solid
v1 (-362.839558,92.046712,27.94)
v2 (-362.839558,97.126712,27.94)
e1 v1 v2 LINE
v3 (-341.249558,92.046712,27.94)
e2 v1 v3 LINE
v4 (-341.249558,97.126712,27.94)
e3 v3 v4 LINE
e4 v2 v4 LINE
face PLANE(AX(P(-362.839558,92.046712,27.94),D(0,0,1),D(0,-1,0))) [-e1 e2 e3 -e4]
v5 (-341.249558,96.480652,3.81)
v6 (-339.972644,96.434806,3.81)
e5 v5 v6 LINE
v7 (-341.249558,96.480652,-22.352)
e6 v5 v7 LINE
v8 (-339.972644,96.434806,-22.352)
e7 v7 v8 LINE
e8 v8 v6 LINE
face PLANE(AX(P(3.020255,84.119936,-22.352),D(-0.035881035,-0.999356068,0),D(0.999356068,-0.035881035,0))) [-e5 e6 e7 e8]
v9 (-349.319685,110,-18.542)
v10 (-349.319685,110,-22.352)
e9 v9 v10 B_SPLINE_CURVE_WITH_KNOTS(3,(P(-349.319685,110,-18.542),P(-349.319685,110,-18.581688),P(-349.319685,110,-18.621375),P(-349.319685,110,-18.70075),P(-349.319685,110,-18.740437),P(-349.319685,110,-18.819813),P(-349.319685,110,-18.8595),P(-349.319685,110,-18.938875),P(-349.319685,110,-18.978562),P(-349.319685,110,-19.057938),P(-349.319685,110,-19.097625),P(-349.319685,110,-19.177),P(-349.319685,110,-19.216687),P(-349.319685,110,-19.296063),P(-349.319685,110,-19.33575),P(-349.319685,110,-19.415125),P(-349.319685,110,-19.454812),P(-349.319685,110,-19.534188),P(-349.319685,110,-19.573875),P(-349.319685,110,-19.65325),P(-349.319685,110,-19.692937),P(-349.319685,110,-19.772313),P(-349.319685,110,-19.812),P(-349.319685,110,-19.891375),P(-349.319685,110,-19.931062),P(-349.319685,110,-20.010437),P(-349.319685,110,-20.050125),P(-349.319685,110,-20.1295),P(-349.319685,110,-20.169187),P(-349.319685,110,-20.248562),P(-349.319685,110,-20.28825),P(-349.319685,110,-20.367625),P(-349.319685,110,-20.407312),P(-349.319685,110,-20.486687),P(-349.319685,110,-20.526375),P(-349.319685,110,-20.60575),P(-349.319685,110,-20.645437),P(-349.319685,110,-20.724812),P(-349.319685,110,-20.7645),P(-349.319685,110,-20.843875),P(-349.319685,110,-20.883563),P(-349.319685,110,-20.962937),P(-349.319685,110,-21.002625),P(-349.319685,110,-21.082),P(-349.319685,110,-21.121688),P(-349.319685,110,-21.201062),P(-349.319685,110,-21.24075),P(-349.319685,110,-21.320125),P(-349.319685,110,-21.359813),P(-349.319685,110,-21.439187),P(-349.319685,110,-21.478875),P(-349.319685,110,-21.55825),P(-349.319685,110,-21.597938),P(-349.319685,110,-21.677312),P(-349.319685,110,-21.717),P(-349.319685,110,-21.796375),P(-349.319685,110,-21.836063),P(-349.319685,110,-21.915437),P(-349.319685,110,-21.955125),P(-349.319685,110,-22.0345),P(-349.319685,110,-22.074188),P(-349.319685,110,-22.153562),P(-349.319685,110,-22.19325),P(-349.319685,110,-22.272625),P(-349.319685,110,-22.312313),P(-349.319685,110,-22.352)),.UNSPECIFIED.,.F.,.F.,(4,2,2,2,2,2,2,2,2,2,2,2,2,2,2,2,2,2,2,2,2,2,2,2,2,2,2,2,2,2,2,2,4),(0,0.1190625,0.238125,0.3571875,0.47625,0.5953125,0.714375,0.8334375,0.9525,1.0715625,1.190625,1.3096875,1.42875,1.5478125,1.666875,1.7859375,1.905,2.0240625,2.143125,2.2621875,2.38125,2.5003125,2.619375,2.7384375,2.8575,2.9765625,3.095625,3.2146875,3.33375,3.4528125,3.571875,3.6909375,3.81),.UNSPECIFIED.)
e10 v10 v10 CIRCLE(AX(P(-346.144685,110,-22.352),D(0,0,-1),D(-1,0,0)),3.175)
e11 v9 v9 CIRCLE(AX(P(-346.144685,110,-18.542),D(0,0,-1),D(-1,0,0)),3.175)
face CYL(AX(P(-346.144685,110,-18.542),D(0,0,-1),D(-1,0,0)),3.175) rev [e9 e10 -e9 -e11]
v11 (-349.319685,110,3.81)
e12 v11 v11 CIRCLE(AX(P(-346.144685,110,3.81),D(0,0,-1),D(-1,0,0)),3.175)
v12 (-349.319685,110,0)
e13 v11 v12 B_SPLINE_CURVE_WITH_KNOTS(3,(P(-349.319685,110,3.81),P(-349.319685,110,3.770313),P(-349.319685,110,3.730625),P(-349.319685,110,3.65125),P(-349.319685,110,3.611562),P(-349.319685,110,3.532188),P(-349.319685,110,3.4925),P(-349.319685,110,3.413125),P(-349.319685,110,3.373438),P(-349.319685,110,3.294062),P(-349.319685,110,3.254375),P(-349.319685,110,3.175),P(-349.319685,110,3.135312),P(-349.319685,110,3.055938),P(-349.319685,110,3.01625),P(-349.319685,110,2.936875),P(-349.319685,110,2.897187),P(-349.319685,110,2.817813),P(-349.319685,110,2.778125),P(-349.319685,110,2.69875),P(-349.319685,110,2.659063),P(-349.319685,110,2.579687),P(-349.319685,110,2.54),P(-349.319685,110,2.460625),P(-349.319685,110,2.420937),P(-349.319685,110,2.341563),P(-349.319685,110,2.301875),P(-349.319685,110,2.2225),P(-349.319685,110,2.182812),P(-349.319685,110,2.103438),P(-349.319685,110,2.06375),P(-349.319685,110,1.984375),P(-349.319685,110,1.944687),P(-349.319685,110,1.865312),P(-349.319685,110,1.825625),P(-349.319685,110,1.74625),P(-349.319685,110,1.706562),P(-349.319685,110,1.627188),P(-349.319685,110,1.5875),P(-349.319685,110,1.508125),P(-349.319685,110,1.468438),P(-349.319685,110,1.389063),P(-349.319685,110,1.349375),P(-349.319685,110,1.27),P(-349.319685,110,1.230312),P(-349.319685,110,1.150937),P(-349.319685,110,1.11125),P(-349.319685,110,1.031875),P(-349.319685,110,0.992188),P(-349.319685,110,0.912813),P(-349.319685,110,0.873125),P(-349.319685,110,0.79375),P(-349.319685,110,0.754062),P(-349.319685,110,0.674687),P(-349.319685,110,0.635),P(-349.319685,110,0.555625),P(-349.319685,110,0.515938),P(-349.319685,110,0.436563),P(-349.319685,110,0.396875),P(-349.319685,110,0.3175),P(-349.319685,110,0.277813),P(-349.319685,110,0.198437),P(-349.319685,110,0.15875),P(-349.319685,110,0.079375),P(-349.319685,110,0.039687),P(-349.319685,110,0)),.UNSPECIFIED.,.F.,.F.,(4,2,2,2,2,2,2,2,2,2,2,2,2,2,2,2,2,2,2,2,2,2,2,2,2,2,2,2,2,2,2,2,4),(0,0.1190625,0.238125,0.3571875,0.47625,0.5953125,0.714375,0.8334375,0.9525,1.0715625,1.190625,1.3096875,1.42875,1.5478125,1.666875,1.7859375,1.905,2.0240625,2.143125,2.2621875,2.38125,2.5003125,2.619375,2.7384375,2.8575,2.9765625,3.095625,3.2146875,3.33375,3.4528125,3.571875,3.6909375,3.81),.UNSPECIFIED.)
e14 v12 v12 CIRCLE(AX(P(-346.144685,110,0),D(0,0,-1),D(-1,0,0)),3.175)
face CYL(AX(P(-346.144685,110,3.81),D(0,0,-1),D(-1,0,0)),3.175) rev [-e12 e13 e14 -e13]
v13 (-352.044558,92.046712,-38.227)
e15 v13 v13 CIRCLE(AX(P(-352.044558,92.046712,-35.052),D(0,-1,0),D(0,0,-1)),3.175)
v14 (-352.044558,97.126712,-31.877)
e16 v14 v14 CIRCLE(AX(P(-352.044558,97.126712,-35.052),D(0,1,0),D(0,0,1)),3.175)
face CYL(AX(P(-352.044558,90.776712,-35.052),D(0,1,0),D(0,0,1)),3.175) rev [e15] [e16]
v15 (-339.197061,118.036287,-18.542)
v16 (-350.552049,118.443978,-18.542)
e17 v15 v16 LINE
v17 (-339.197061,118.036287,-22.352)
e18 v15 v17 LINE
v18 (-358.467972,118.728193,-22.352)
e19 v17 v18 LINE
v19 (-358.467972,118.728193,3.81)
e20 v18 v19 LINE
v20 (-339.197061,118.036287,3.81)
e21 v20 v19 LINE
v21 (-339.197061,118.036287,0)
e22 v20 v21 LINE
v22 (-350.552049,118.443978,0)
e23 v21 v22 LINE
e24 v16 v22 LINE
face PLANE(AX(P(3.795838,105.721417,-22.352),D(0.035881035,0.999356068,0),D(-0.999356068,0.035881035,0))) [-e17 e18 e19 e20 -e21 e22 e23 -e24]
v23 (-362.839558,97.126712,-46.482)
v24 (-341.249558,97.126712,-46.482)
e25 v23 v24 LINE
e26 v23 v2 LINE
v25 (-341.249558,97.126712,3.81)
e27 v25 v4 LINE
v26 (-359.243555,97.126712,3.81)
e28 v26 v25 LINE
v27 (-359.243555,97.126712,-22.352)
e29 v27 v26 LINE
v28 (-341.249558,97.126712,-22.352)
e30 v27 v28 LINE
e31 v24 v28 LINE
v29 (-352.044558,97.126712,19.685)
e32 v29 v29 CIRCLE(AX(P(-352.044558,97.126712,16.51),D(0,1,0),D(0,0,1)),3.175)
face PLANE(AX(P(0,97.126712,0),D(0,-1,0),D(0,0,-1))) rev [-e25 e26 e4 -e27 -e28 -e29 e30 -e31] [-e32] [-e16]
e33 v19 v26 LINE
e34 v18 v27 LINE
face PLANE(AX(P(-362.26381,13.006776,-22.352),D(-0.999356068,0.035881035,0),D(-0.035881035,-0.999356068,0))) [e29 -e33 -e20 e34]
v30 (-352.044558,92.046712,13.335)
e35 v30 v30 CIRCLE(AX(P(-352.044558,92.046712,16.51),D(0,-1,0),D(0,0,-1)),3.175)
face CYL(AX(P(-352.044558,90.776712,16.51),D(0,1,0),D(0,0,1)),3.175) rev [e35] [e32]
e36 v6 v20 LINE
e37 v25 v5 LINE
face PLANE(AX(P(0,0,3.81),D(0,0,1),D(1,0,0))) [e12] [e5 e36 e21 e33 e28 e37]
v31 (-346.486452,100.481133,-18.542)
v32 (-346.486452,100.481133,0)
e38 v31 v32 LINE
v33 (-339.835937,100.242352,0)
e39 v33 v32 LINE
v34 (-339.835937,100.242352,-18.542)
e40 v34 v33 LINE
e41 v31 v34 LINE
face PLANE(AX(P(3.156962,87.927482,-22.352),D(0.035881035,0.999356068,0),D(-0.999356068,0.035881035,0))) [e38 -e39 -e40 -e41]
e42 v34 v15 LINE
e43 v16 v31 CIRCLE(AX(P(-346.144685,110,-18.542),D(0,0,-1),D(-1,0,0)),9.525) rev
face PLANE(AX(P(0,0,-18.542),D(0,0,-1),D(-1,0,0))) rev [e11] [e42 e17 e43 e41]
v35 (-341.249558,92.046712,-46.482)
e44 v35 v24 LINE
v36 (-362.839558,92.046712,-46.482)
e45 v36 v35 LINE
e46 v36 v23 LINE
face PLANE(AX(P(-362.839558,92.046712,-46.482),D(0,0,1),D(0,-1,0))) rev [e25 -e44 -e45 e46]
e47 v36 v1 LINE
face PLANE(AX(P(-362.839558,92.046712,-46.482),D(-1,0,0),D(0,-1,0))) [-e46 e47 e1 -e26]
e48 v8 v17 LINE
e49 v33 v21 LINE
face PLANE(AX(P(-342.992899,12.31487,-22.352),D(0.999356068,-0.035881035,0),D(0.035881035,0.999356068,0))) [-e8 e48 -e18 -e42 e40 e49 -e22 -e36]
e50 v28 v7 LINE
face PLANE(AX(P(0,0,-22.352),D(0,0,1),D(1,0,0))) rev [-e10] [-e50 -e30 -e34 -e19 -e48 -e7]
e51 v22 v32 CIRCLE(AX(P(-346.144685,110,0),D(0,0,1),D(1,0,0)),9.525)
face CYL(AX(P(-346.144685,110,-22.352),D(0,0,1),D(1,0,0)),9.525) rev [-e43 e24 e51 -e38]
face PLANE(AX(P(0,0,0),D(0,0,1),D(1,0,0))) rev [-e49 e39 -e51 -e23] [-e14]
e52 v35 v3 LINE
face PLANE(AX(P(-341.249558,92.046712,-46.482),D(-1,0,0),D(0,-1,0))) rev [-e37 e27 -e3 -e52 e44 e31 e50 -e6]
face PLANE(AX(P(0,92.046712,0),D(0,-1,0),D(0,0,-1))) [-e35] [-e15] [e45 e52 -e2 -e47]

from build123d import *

# Parameters (mm, degrees)
BOSS_EXTRUDE1_DEPTH = 22.352
BOSS_EXTRUDE3_START = -3.81
SKETCH2_R           = 3.175
BOSS_EXTRUDE3_DEPTH = 3.81
BOSS_EXTRUDE4_DEPTH = 3.81
CUT_EXTRUDE1_START  = -3.81
SKETCH6_R           = 3.175
CUT_EXTRUDE1_DEPTH  = 3.81
SKETCH7_W           = 21.59
SKETCH7_H           = 74.422
BOSS_EXTRUDE6_DEPTH = 5.08
SKETCH9_R           = 3.175
CUT_EXTRUDE2_DEPTH  = 6.35


with BuildPart() as part:
    # Sketch1 → Boss-Extrude1 (new body)
    with BuildSketch(Plane.XY):
        with BuildLine():
            ThreePointArc((-352.162161707, 117.383467749), (-351.384007065, 117.9545664), (-350.552048848, 118.44397813))
            Line((-350.552048848, 118.44397813), (-358.467972096, 118.728192663))
            Line((-358.467972096, 118.728192663), (-359.243555017, 97.126711503))
            Line((-359.243555017, 97.126711503), (-339.97264358, 96.434805718))
            Line((-339.97264358, 96.434805718), (-339.835936837, 100.242352338))
            Line((-339.835936837, 100.242352338), (-346.486451601, 100.481133449))
            ThreePointArc((-346.486451601, 100.481133449), (-349.816499797, 101.211177598), (-352.67617906, 103.067092457))
            ThreePointArc((-352.67617906, 103.067092457), (-355.663551295, 110.341766857), (-352.162161707, 117.383467749))
        make_face()
    extrude(amount=-BOSS_EXTRUDE1_DEPTH)

    # Sketch2 → Boss-Extrude3 (add)
    with BuildSketch(Plane(origin=(0, 0, -22.352), x_dir=(-1, 0, 0), z_dir=(0, 0, -1)).offset(BOSS_EXTRUDE3_START)):
        with BuildLine():
            ThreePointArc((346.486451601, 100.481133449), (355.434706729, 107.897354875), (350.552048848, 118.44397813))
            Line((350.552048848, 118.44397813), (339.197060659, 118.036286878))
            Line((339.197060659, 118.036286878), (339.835936837, 100.242352338))
            Line((339.835936837, 100.242352338), (346.486451601, 100.481133449))
        make_face()
        with Locations((346.144684744, 110)):
            Circle(SKETCH2_R, mode=Mode.SUBTRACT)
    extrude(amount=BOSS_EXTRUDE3_DEPTH)

    # Sketch3 → Boss-Extrude4 (add)
    with BuildSketch(Plane.XY):
        Polygon((-358.467972096, 118.728192663), (-359.243555017, 97.126711503), (-339.97264358, 96.434805718), (-339.197060659, 118.036286878), align=None)
    extrude(amount=BOSS_EXTRUDE4_DEPTH)

    # Sketch6 → Cut-Extrude1 (cut)
    with BuildSketch(Plane(origin=(0, 0, 0), x_dir=(-1, 0, 0), z_dir=(0, 0, -1)).offset(CUT_EXTRUDE1_START)):
        with Locations((346.144684744, 110)):
            Circle(SKETCH6_R)
    extrude(amount=CUT_EXTRUDE1_DEPTH, mode=Mode.SUBTRACT)

    # Sketch7 → Boss-Extrude6 (add)
    with BuildSketch(Plane(origin=(0, 97.126711503, 0), x_dir=(1, 0, 0), z_dir=(0, 1, 0))):
        with Locations((-352.044558269, 9.271)):
            Rectangle(SKETCH7_W, SKETCH7_H)
    extrude(amount=-BOSS_EXTRUDE6_DEPTH)

    # Sketch9 → Cut-Extrude2 (cut)
    with BuildSketch(Plane(origin=(0, 97.126711503, 0), x_dir=(1, 0, 0), z_dir=(0, 1, 0))):
        with Locations(Location((-352.044558269, -16.51, 0), (0, 0, 270))):
            Circle(SKETCH9_R)
        with Locations(Location((-352.044558269, 35.052, 0), (0, 0, 270))):
            Circle(SKETCH9_R)
    extrude(amount=-CUT_EXTRUDE2_DEPTH, mode=Mode.SUBTRACT)


solid = part.part
